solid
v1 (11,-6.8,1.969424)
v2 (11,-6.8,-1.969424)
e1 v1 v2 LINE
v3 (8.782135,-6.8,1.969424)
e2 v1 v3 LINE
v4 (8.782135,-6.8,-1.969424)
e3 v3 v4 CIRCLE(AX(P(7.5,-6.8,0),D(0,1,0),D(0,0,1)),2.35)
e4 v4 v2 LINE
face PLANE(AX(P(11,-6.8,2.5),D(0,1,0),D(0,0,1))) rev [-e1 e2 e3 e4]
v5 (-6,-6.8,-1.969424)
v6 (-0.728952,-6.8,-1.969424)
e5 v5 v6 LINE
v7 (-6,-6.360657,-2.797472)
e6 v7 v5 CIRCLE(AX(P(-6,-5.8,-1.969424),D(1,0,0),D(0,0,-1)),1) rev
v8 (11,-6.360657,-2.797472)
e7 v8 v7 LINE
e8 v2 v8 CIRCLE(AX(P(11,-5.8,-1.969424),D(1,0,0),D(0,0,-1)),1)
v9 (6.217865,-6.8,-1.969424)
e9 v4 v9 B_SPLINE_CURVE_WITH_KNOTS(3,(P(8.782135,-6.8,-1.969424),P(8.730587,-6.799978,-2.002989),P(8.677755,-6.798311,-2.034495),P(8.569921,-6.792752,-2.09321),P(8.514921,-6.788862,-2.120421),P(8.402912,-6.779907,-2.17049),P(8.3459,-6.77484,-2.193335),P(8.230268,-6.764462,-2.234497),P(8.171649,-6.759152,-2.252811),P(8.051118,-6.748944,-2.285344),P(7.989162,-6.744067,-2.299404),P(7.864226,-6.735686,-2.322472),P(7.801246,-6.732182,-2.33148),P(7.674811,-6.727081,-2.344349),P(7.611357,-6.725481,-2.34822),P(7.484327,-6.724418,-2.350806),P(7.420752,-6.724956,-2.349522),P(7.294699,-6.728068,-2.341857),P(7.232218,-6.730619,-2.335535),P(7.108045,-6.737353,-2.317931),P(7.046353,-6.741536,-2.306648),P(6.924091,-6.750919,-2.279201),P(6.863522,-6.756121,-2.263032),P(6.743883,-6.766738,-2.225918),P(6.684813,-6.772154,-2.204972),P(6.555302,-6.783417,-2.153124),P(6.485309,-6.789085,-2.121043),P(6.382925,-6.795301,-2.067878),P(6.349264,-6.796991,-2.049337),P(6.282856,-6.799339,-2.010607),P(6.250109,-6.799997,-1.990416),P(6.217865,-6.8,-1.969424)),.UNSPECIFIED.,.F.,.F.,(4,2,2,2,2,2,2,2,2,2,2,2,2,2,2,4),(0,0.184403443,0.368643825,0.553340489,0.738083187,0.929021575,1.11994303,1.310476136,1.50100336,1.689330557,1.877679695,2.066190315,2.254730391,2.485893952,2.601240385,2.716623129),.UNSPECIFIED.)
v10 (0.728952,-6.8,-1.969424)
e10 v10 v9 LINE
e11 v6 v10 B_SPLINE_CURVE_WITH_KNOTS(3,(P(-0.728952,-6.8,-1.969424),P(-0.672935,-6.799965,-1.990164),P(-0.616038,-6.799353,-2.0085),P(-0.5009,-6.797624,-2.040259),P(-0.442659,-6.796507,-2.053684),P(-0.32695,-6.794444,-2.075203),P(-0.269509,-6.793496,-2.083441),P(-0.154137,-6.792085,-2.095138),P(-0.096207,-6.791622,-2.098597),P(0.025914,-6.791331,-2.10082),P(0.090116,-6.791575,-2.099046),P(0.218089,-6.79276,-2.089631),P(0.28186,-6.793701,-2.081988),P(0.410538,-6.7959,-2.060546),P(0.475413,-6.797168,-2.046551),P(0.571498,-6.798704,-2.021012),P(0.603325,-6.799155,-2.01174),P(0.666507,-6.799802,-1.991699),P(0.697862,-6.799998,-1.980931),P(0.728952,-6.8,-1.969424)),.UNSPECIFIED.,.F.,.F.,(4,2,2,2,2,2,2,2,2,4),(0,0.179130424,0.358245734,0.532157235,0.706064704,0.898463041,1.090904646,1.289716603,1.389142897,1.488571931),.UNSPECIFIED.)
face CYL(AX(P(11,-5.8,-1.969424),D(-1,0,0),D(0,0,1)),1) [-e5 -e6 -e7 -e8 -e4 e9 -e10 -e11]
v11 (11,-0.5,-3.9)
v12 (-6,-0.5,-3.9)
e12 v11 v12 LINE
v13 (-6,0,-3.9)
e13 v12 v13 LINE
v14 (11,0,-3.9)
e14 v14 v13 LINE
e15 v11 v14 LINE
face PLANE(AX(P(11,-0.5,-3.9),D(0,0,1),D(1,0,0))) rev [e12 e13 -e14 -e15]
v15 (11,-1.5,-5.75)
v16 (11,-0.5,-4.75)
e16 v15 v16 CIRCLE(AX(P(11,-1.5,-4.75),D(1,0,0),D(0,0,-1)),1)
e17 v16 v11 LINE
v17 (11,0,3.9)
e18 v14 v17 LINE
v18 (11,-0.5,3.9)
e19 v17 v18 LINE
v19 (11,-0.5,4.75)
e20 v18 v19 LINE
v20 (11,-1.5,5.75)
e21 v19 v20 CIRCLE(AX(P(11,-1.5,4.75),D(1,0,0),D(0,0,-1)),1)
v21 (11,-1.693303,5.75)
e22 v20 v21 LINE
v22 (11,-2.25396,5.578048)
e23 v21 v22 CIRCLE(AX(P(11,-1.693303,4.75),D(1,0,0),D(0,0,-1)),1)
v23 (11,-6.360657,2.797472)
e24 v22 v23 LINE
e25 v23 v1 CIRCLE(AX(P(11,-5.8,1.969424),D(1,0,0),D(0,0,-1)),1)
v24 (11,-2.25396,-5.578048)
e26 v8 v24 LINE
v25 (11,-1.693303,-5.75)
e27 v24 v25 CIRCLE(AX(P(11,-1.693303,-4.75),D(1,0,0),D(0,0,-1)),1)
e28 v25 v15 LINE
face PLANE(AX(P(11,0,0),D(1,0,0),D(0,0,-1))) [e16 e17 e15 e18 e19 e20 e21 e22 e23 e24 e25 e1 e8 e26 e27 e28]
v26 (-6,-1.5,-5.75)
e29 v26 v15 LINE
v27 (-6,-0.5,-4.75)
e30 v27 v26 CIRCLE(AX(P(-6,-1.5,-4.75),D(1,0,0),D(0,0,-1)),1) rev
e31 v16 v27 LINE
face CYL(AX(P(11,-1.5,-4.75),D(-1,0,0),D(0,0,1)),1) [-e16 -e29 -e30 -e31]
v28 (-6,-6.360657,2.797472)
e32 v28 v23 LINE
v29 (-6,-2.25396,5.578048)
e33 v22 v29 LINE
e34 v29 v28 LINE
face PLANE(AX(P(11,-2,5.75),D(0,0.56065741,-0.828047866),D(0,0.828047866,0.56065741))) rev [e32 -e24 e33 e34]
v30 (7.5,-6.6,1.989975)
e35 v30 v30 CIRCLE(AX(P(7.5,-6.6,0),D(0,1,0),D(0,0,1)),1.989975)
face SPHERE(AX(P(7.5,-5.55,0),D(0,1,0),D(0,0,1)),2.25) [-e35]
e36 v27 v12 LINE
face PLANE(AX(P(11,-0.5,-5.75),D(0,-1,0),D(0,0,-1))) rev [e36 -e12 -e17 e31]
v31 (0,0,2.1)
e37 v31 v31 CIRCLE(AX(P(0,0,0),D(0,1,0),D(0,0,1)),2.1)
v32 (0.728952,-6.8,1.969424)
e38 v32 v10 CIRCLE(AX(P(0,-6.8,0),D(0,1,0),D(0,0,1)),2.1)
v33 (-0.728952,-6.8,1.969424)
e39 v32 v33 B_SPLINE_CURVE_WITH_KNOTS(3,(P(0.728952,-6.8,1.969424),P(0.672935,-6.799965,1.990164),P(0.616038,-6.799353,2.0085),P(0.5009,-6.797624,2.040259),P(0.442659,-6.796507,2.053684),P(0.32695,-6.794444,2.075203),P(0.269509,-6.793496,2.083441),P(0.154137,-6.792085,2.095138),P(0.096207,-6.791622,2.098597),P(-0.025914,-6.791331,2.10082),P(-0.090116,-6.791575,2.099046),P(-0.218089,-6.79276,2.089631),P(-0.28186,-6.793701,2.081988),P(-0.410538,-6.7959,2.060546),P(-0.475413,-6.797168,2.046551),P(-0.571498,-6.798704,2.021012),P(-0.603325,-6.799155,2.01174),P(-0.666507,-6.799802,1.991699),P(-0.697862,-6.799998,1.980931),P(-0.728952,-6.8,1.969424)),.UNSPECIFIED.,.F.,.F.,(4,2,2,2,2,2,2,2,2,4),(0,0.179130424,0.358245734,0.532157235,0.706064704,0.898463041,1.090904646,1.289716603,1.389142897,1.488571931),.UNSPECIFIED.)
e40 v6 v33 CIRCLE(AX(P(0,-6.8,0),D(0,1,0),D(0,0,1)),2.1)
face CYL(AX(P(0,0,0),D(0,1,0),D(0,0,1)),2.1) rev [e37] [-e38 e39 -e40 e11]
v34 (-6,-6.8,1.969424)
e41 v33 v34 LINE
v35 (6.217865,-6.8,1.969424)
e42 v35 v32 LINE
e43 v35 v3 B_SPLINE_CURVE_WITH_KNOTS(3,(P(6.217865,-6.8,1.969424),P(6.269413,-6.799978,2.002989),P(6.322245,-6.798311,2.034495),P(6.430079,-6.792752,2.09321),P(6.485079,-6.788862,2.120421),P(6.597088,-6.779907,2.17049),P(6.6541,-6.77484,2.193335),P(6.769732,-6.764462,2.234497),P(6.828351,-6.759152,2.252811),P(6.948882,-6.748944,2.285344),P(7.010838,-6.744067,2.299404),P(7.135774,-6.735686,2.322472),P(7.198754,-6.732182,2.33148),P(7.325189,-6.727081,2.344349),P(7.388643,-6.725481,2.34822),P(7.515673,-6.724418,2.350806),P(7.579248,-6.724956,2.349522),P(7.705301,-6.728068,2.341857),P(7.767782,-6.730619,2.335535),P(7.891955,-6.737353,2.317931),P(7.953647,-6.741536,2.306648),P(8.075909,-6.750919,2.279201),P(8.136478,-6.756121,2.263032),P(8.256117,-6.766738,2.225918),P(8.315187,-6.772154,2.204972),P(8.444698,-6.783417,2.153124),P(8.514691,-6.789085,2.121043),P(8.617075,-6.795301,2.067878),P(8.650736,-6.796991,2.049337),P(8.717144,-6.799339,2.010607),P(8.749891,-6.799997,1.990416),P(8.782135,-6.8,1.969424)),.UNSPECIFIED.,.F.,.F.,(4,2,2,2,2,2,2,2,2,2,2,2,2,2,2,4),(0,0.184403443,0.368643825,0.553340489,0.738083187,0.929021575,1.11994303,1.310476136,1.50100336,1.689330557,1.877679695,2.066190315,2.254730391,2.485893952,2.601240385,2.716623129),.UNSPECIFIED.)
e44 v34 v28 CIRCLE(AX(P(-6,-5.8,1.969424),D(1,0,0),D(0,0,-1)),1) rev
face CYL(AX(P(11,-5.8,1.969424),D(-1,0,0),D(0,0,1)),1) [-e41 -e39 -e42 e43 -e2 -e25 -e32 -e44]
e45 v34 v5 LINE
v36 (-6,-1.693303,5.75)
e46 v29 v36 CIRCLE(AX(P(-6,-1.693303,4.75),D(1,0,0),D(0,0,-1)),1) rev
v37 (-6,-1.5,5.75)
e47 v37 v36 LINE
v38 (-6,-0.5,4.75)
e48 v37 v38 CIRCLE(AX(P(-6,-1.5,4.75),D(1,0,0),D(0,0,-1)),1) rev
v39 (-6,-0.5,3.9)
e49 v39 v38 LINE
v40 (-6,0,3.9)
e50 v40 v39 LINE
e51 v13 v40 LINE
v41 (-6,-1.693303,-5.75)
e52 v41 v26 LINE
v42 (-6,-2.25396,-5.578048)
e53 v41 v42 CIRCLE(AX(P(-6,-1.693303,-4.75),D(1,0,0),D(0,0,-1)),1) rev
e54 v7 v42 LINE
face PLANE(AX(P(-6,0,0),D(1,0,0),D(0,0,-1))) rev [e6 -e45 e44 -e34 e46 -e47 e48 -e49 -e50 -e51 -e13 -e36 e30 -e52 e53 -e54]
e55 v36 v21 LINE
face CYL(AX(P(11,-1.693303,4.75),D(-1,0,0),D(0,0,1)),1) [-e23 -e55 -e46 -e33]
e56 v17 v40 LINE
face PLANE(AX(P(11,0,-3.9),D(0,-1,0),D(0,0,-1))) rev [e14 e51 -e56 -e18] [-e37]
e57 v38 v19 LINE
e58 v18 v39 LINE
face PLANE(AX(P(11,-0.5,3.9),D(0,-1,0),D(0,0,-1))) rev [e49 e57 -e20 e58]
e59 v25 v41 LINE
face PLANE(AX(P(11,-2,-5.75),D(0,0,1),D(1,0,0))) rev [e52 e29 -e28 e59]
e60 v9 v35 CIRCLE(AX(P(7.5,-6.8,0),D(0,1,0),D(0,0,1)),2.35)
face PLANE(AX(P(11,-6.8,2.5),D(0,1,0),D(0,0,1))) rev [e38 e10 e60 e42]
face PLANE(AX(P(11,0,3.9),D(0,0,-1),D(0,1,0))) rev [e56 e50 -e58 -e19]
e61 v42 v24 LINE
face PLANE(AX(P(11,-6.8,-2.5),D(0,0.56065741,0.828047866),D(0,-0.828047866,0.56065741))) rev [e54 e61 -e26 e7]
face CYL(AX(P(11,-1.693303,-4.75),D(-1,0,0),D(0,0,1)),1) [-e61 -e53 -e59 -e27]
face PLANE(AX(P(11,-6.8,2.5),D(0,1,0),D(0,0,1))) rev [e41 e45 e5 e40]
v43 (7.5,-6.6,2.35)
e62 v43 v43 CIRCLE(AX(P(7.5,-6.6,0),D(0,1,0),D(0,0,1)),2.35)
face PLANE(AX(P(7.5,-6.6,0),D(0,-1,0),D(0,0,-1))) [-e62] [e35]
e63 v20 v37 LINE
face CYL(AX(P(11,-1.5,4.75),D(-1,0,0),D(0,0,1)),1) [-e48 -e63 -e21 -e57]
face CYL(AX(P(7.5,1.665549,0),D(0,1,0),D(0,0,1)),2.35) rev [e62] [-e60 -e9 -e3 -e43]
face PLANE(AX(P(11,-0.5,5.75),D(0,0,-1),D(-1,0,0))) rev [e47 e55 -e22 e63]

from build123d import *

# Parameters (mm, degrees)
BOSS_EXTRUDE1_DEPTH = 17
FILLET1_R           = 1
SKETCH2_W           = 2.35
SKETCH2_H           = 0.2
TAPPED_HOLE1_D      = 4.2


with BuildPart() as part:
    # Sketch1 → Boss-Extrude1 (new body)
    with BuildSketch(Plane(origin=(-6, 0, 0), x_dir=(0, 0, -1), z_dir=(1, 0, 0))):
        Polygon((3.9, 0), (-3.9, 0), (-3.9, -0.5), (-5.75, -0.5), (-5.75, -2), (-2.5, -6.8), (2.5, -6.8), (5.75, -2), (5.75, -0.5), (3.9, -0.5), align=None)
    extrude(amount=BOSS_EXTRUDE1_DEPTH)

    # Fillet1
    fillet1_edges = [part.edges().sort_by_distance(p)[0] for p in [
        (2.5, -0.5, 5.75),
        (2.5, -0.5, -5.75),
        (2.5, -2, -5.75),
        (2.5, -6.8, -2.5),
        (2.5, -6.8, 2.5),
        (2.5, -2, 5.75),
    ]]
    fillet(fillet1_edges, radius=FILLET1_R)

    # Sketch2 → Cut-Revolve1 (revolve, cut)
    with BuildSketch(Plane(origin=(7.5, 0, 0), x_dir=(0, 0, -1), z_dir=(1, 0, 0)), mode=Mode.PRIVATE) as cut_revolve1_sk:
        with Locations((1.175, -6.7)):
            Rectangle(SKETCH2_W, SKETCH2_H)
    revolve(cut_revolve1_sk.sketch.rotate(Axis((7.5, 1.665548573, 0), (0, -1, 0)), 180), axis=Axis((7.5, 1.665548573, 0), (0, -1, 0)), mode=Mode.SUBTRACT)

    # Sketch3 → Revolve1 (revolve)
    with BuildSketch(Plane(origin=(7.5, 0, 0), x_dir=(0, 0, -1), z_dir=(1, 0, 0)), mode=Mode.PRIVATE) as revolve1_sk:
        with BuildLine():
            Line((1.989974874, -6.6), (0, -6.6))
            Line((0, -6.6), (0, -7.8))
            ThreePointArc((0, -7.8), (1.161895004, -7.476784887), (1.989974874, -6.6))
        make_face()
    revolve(revolve1_sk.sketch.rotate(Axis((7.5, 0, 0), (0, -1, 0)), 180), axis=Axis((7.5, 0, 0), (0, -1, 0)))

    # Tapped Hole1 (through all)
    with Locations(Plane(origin=(0, 0, 0), x_dir=(1, 0, 0), z_dir=(0, 1, 0))):
        with Locations((0, 0)):
            Hole(TAPPED_HOLE1_D / 2)


solid = part.part
